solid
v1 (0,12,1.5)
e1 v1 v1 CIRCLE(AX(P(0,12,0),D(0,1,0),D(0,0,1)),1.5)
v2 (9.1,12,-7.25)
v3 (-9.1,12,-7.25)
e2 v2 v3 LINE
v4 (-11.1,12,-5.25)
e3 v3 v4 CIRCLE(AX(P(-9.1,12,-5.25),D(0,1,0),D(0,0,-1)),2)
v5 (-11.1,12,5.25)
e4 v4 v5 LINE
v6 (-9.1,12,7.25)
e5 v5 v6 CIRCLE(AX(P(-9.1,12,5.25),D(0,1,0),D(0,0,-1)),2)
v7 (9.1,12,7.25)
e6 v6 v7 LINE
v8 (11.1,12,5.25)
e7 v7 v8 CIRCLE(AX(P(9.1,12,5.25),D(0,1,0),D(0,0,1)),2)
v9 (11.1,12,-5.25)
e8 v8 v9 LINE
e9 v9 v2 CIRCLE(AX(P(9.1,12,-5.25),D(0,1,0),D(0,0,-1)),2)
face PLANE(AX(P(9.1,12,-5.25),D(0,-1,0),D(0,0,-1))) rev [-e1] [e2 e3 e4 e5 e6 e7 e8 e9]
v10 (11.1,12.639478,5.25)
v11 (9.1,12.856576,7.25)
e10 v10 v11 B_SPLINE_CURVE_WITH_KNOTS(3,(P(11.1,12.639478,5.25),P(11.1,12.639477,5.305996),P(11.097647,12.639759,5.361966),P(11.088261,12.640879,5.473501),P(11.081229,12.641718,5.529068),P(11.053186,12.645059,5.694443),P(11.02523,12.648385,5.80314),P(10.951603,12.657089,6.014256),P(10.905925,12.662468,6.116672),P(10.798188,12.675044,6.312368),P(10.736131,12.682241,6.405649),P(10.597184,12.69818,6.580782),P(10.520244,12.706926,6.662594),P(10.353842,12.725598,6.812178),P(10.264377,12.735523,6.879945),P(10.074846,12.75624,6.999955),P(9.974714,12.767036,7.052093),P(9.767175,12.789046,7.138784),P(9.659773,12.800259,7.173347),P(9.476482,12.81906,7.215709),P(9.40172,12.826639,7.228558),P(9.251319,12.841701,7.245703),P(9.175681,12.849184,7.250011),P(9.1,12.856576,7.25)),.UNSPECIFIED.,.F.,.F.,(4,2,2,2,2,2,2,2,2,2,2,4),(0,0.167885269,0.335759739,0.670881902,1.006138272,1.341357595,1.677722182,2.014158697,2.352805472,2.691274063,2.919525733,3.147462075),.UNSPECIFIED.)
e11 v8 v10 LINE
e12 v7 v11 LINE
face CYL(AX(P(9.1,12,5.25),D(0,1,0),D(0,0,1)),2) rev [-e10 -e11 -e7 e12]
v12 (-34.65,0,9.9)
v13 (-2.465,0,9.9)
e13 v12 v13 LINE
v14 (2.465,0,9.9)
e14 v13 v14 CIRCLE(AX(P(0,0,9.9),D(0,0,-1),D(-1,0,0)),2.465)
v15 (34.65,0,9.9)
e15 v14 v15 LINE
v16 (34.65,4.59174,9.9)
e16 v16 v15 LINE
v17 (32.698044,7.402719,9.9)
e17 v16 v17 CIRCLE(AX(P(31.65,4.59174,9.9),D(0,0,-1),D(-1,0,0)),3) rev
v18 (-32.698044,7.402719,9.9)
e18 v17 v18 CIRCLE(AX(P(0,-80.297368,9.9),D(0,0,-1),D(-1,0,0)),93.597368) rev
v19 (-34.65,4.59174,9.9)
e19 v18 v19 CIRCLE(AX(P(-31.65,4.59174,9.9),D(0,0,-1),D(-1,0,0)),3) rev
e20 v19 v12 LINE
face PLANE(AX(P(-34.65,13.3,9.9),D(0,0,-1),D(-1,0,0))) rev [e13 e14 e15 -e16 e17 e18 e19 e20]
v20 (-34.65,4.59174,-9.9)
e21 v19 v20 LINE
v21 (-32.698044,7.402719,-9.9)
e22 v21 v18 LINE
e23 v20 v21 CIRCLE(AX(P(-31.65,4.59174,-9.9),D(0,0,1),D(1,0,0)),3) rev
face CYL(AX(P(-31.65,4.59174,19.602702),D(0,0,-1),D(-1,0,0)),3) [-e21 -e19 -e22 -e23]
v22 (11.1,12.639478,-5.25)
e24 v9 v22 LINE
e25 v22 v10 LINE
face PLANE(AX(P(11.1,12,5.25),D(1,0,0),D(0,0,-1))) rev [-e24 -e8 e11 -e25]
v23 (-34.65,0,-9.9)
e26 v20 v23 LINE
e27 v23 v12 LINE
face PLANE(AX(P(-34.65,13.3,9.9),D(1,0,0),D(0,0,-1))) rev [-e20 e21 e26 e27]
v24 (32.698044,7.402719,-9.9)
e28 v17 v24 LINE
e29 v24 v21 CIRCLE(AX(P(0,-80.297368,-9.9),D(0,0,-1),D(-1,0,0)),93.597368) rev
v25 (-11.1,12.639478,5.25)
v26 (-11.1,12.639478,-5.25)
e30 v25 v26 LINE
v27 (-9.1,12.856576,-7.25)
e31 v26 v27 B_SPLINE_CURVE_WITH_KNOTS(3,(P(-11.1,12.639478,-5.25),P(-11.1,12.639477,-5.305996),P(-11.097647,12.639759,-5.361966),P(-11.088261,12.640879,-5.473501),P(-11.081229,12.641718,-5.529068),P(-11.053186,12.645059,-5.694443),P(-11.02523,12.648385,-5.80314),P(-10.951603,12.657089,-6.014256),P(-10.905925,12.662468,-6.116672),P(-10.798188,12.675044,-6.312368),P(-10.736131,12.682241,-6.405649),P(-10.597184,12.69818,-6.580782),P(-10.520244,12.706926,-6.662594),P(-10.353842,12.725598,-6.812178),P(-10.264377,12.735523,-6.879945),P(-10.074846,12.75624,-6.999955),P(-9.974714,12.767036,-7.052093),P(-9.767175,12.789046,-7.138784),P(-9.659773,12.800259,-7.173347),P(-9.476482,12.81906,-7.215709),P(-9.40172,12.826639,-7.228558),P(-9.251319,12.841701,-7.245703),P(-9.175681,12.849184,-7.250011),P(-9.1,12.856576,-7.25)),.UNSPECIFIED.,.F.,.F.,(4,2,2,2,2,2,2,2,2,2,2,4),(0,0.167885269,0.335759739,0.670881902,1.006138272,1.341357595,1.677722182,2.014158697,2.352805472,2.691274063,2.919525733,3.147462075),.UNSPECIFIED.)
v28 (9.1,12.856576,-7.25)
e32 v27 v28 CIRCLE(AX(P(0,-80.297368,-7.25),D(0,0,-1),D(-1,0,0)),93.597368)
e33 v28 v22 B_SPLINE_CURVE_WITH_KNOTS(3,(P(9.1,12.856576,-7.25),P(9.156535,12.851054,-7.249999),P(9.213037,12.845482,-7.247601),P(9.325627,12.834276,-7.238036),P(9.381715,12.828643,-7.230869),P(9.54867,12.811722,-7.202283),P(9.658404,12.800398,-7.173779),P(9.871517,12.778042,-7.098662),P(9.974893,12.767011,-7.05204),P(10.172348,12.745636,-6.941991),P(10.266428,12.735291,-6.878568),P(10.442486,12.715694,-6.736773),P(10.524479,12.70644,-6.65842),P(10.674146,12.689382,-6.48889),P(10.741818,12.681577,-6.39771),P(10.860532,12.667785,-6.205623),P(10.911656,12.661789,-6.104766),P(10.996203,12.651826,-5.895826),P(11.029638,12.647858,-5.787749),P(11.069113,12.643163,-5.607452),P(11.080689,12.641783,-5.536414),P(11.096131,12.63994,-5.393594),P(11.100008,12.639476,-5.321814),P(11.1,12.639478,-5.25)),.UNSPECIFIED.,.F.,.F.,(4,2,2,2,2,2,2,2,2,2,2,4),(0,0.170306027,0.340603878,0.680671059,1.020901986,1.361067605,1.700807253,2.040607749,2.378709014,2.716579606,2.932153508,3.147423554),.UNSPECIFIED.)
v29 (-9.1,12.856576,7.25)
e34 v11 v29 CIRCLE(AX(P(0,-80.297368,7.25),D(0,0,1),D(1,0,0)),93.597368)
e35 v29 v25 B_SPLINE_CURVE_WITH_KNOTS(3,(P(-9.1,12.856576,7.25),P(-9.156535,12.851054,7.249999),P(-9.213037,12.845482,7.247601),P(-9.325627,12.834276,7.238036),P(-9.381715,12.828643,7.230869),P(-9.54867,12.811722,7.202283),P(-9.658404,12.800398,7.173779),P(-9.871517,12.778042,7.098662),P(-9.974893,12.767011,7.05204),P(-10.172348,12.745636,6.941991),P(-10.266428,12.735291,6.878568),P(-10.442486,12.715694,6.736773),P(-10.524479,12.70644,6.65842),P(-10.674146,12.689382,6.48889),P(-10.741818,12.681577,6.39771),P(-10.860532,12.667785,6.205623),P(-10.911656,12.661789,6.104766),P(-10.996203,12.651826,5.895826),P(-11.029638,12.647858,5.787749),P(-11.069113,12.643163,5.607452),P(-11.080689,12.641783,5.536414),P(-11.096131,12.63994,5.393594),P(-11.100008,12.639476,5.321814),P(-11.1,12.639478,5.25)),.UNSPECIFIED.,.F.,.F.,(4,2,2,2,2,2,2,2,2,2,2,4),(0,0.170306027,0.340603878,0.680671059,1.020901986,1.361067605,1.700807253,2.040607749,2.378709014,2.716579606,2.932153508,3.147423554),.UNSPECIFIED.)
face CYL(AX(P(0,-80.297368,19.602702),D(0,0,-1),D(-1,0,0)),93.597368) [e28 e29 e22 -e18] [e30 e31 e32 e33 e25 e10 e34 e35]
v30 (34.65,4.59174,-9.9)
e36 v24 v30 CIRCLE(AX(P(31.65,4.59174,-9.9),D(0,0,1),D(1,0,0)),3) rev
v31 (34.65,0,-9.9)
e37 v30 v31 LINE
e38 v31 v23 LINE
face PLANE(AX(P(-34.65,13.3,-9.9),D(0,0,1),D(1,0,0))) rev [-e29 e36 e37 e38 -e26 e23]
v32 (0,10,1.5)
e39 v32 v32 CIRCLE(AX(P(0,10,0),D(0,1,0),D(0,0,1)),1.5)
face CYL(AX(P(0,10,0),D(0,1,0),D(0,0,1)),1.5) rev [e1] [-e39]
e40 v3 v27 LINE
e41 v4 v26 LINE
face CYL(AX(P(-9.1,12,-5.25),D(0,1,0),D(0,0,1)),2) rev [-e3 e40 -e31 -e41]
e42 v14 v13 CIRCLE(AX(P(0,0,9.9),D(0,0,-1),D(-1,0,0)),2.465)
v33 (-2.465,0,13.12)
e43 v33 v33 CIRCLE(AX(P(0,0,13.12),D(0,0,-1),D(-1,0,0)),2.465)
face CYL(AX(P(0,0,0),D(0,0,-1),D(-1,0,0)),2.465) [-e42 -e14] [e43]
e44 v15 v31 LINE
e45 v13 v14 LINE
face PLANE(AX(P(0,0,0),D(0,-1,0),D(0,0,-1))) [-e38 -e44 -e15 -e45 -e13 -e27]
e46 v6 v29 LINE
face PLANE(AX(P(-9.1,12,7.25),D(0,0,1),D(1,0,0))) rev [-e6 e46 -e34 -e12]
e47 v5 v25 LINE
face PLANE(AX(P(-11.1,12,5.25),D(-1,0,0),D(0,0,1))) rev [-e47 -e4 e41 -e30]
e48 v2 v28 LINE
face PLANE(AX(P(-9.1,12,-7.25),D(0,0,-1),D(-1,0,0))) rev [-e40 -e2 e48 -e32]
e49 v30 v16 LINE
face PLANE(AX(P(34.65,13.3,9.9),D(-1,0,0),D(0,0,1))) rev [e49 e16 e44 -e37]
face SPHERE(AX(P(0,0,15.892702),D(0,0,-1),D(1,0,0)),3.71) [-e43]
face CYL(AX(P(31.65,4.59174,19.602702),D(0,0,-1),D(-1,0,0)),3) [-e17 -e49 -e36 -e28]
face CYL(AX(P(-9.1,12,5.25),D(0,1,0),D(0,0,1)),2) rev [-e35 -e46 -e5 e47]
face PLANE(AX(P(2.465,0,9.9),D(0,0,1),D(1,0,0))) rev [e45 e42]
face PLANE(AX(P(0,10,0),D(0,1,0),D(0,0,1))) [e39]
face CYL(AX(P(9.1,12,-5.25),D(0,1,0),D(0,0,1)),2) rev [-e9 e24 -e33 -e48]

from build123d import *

# Parameters (mm, degrees)
SKETCH1_W           = 69.3
SKETCH1_H           = 19.8
BOSS_EXTRUDE1_DEPTH = 13.3
CUT_EXTRUDE1_DEPTH  = 48.412254857
CUT_EXTRUDE2_DEPTH  = 3
SKETCH5_R           = 1.5
CUT_EXTRUDE3_DEPTH  = 2
FILLET1_R           = 3


with BuildPart() as part:
    # Sketch1 → Boss-Extrude1 (new body)
    with BuildSketch(Plane(origin=(0, 0, 0), x_dir=(1, 0, 0), z_dir=(0, 1, 0))):
        Rectangle(SKETCH1_W, SKETCH1_H)
    extrude(amount=BOSS_EXTRUDE1_DEPTH)

    # Sketch2 → Revolve1 (revolve)
    with BuildSketch(Plane(origin=(0, 0, 0), x_dir=(1, 0, 0), z_dir=(0, 1, 0))):
        with BuildLine():
            Line((2.465, -9.9), (2.465, -13.12))
            ThreePointArc((2.465, -13.12), (3.467767545, -17.211295036), (0, -19.602701751))
            Line((0, -19.602701751), (0, -9.9))
            Line((0, -9.9), (2.465, -9.9))
        make_face()
    revolve(axis=Axis((0, 0, 0), (0, 0, 1)))

    # Sketch3 → Cut-Extrude1 (cut, through all)
    with BuildSketch(Plane(origin=(0, 0, -9.9), x_dir=(-1, 0, 0), z_dir=(0, 0, -1))):
        with BuildLine():
            Line((-34.65, 13.3), (-34.65, 6.65))
            ThreePointArc((-34.65, 6.65), (-17.641180346, 11.622466932), (3.46e-07, 13.3))
            Line((3.46e-07, 13.3), (-34.65, 13.3))
        make_face()
        with BuildLine():
            ThreePointArc((3.46e-07, 13.3), (17.641180686, 11.622466867), (34.65, 6.65))
            Line((34.65, 6.65), (34.65, 13.3))
            Line((34.65, 13.3), (3.46e-07, 13.3))
        make_face()
    extrude(amount=-CUT_EXTRUDE1_DEPTH, mode=Mode.SUBTRACT)

    # Sketch4 → Cut-Extrude2 (cut)
    with BuildSketch(Plane(origin=(0, 15, 0), x_dir=(1, 0, 0), z_dir=(0, 1, 0))):
        with BuildLine():
            Line((-9.1, -7.25), (9.1, -7.25))
            ThreePointArc((9.1, -7.25), (10.514213562, -6.664213562), (11.1, -5.25))
            Line((11.1, -5.25), (11.1, 5.25))
            ThreePointArc((11.1, 5.25), (10.514213562, 6.664213562), (9.1, 7.25))
            Line((9.1, 7.25), (-9.1, 7.25))
            ThreePointArc((-9.1, 7.25), (-10.514213562, 6.664213562), (-11.1, 5.25))
            Line((-11.1, 5.25), (-11.1, -5.25))
            ThreePointArc((-11.1, -5.25), (-10.514213562, -6.664213562), (-9.1, -7.25))
        make_face()
    extrude(amount=-CUT_EXTRUDE2_DEPTH, mode=Mode.SUBTRACT)

    # Sketch5 → Cut-Extrude3 (cut)
    with BuildSketch(Plane(origin=(0, 12, 0), x_dir=(1, 0, 0), z_dir=(0, 1, 0))):
        with Locations(Location((0, 0, 0), (0, 0, 270))):
            Circle(SKETCH5_R)
    extrude(amount=-CUT_EXTRUDE3_DEPTH, mode=Mode.SUBTRACT)

    # Fillet1
    fillet1_edges = [part.edges().sort_by_distance(p)[0] for p in [
        (34.65, 6.65, 0),
        (-34.65, 6.65, 0),
    ]]
    fillet(fillet1_edges, radius=FILLET1_R)


solid = part.part
